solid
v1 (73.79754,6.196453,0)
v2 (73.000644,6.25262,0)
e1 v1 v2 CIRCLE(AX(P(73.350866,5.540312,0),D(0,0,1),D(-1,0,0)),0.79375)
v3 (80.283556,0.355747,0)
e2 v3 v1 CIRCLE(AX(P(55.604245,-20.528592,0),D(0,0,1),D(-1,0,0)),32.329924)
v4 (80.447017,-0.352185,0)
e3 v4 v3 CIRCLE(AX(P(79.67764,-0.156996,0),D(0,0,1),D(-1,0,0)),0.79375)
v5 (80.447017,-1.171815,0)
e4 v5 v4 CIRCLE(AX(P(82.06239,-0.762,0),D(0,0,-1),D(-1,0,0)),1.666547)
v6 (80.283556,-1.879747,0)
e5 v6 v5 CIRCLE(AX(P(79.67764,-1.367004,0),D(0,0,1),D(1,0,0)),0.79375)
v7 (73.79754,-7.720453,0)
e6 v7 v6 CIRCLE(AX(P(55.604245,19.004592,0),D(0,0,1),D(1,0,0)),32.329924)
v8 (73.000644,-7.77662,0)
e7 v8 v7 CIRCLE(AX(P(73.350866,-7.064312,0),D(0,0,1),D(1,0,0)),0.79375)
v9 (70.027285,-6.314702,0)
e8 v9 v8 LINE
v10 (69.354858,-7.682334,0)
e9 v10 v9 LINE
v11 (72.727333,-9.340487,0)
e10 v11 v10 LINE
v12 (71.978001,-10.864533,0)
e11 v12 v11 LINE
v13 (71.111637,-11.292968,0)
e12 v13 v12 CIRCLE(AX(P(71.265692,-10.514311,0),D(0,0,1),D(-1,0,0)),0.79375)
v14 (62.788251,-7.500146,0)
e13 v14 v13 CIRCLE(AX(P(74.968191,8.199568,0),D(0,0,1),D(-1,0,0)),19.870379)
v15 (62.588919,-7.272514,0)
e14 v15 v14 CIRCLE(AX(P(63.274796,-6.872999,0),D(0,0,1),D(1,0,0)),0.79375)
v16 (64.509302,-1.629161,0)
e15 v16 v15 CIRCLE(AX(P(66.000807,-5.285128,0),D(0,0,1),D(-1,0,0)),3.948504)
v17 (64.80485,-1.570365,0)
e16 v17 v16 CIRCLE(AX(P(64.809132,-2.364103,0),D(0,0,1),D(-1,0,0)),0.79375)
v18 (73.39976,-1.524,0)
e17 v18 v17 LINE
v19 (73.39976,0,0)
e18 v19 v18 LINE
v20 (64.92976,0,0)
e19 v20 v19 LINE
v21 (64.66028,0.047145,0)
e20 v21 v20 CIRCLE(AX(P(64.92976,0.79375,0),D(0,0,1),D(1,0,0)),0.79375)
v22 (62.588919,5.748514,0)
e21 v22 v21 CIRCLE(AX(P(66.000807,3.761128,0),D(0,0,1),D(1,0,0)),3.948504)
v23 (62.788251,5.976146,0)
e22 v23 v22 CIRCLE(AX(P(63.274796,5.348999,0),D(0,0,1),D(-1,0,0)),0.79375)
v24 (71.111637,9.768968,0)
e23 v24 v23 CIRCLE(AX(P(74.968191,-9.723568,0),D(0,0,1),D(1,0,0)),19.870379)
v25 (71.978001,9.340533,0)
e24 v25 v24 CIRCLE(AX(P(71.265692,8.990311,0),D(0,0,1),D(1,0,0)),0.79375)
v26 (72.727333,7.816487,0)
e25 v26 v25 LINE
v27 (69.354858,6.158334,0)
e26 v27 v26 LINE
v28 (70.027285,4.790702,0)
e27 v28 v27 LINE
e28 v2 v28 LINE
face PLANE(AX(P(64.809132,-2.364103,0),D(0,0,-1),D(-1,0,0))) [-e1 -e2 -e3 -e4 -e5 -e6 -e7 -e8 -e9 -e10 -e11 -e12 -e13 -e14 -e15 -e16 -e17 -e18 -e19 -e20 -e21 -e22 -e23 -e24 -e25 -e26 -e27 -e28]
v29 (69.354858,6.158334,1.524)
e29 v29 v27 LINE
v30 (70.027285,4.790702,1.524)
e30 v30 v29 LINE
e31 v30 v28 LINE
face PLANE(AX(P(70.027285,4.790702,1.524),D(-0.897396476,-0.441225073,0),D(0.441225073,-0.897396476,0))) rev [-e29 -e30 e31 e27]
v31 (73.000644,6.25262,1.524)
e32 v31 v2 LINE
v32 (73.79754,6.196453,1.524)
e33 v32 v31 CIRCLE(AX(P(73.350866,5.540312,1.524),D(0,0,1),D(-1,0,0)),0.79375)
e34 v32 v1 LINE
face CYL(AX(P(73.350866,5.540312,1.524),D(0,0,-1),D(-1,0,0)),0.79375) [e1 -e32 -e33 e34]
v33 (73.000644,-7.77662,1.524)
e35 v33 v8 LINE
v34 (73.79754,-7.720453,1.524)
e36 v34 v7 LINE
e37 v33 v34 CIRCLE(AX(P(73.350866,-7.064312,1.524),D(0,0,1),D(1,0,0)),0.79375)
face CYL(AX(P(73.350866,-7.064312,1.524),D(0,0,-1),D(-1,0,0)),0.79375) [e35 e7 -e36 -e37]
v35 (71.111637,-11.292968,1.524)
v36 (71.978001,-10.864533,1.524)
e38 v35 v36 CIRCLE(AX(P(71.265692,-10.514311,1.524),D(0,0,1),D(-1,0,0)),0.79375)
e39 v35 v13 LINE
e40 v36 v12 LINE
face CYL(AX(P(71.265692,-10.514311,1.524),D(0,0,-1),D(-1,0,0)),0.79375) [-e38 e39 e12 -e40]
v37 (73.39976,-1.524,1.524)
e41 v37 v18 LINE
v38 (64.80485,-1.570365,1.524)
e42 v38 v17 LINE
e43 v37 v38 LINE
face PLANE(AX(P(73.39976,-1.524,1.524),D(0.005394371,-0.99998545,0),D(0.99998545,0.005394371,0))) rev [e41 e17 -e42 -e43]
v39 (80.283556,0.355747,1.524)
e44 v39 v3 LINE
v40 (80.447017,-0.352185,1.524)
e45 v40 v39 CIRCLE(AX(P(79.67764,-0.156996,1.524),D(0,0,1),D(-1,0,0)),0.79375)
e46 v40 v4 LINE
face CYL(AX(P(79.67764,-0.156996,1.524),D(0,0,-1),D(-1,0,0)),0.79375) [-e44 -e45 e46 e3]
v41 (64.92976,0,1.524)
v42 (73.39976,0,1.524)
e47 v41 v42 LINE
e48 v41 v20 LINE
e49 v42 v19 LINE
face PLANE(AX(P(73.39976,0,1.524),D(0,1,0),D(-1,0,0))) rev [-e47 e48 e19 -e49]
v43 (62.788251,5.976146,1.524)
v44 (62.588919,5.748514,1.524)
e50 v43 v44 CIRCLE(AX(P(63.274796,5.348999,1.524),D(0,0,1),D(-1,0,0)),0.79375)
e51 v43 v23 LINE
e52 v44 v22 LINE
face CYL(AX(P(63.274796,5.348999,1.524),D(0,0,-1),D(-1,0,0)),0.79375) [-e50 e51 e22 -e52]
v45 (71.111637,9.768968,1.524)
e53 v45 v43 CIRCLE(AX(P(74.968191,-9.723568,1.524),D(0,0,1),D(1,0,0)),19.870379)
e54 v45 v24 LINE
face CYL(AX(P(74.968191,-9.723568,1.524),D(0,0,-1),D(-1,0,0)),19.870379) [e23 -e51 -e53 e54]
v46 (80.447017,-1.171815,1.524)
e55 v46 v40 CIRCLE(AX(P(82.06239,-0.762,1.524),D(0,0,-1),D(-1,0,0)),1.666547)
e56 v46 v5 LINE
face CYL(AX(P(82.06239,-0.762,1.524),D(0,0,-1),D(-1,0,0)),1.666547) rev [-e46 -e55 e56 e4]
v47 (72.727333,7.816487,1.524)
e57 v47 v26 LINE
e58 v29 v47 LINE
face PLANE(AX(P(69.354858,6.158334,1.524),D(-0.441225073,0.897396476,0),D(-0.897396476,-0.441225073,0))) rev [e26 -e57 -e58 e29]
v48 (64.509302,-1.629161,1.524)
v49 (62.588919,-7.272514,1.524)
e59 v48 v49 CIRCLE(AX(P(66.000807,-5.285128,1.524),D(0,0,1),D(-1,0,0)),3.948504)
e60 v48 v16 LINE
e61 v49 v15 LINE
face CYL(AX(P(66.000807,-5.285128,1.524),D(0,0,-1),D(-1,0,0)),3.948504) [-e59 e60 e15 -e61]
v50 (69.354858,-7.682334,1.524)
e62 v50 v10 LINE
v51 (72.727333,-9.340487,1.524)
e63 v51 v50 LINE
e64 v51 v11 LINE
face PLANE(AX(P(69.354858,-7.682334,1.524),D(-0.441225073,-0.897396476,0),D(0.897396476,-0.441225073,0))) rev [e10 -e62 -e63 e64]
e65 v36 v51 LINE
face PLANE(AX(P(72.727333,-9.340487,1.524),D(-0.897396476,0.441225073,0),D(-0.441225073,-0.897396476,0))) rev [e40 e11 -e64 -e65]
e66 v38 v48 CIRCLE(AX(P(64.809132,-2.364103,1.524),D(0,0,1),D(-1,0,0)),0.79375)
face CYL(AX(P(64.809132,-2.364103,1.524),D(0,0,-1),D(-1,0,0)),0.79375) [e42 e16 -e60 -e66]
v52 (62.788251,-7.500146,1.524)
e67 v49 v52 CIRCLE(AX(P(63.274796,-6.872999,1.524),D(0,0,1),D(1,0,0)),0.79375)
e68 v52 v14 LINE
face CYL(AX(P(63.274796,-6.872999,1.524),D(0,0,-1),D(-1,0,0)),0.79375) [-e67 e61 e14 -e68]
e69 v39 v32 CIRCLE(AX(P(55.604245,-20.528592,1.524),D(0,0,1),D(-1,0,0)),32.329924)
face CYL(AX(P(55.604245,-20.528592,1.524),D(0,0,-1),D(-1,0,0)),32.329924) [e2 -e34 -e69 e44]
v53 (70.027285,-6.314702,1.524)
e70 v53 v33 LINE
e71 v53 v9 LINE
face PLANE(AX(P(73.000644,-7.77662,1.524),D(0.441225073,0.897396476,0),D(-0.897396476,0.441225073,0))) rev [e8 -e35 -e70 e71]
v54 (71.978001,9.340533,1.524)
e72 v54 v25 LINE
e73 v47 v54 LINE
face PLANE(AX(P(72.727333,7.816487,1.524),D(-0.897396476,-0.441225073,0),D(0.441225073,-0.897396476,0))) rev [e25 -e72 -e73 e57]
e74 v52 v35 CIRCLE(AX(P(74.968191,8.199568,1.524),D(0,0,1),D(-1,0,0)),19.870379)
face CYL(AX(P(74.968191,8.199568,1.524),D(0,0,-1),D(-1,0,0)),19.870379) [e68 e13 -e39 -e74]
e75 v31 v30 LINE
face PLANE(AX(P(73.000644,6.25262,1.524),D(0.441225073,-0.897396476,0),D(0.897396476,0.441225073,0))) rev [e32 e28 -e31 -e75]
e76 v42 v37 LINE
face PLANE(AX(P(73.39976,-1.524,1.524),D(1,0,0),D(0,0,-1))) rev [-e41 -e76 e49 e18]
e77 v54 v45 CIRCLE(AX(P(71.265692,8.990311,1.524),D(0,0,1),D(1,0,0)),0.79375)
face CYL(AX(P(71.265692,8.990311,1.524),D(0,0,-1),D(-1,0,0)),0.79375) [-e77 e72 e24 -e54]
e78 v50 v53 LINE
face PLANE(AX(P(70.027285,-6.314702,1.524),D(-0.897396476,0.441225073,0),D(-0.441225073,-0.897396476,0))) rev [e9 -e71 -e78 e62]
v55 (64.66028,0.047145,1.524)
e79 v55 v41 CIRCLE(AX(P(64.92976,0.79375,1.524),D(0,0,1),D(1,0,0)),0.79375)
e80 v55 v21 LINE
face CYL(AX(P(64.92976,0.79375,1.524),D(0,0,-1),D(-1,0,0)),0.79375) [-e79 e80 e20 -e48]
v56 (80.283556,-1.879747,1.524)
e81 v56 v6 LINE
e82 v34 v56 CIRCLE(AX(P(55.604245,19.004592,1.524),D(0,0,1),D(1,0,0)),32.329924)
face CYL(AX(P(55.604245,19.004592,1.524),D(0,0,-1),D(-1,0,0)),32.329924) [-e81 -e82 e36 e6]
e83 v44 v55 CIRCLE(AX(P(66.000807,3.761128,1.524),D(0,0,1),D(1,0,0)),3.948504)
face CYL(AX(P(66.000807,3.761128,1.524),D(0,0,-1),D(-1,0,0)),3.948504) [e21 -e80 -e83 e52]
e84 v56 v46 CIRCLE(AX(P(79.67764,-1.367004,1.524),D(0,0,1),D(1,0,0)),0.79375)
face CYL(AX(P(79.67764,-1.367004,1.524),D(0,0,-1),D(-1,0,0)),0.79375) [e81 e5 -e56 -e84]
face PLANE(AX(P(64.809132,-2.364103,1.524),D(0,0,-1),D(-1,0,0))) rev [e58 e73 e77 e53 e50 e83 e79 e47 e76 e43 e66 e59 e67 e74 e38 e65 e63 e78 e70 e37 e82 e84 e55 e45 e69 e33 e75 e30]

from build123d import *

# Parameters (mm, degrees)
BOSS_EXTRUDE1_DEPTH = 1.524


with BuildPart() as part:
    # Sketch1 → Boss-Extrude1 (new body)
    with BuildSketch(Plane.XY):
        with BuildLine():
            Line((73.000643508, 6.252619957), (70.027285358, 4.79070184))
            Line((70.027285358, 4.79070184), (69.354858347, 6.15833407))
            Line((69.354858347, 6.15833407), (72.727332666, 7.816486587))
            Line((72.727332666, 7.816486587), (71.978000913, 9.340533419))
            ThreePointArc((71.978000913, 9.340533419), (71.617545508, 9.701815407), (71.111637054, 9.768967549))
            ThreePointArc((71.111637054, 9.768967549), (66.728733529, 8.358005389), (62.788250891, 5.976146011))
            ThreePointArc((62.788250891, 5.976146011), (62.67763825, 5.871916038), (62.588919113, 5.748514423))
            ThreePointArc((62.588919113, 5.748514423), (62.289639081, 2.412826115), (64.660279583, 0.047144684))
            ThreePointArc((64.660279583, 0.047144684), (64.792973258, 0.011875), (64.929759758, 0))
            Line((64.929759758, 0), (73.399759676, 0))
            Line((73.399759676, 0), (73.399759676, -1.524))
            Line((73.399759676, -1.524), (64.804850415, -1.570364804))
            ThreePointArc((64.804850415, -1.570364804), (64.654260243, -1.585608721), (64.509301597, -1.629160622))
            ThreePointArc((64.509301597, -1.629160622), (62.262802552, -4.01311856), (62.588919113, -7.272514424))
            ThreePointArc((62.588919113, -7.272514424), (62.67763825, -7.395916038), (62.788250891, -7.500146011))
            ThreePointArc((62.788250891, -7.500146011), (66.728733529, -9.882005389), (71.111637054, -11.292967549))
            ThreePointArc((71.111637054, -11.292967549), (71.617545508, -11.225815407), (71.978000913, -10.864533419))
            Line((71.978000913, -10.864533419), (72.727332666, -9.340486587))
            Line((72.727332666, -9.340486587), (69.354858347, -7.68233407))
            Line((69.354858347, -7.68233407), (70.027285358, -6.31470184))
            Line((70.027285358, -6.31470184), (73.000643508, -7.776619957))
            ThreePointArc((73.000643508, -7.776619957), (73.406672693, -7.856097248), (73.797539642, -7.720452982))
            ThreePointArc((73.797539642, -7.720452982), (77.23855889, -5.019988283), (80.283555852, -1.879746802))
            ThreePointArc((80.283555852, -1.879746802), (80.451041219, -1.545581778), (80.447017019, -1.17181525))
            ThreePointArc((80.447017019, -1.17181525), (80.395843158, -0.762), (80.447017019, -0.35218475))
            ThreePointArc((80.447017019, -0.35218475), (80.451041219, 0.021581778), (80.283555852, 0.355746802))
            ThreePointArc((80.283555852, 0.355746802), (77.23855889, 3.495988283), (73.797539642, 6.196452982))
            ThreePointArc((73.797539642, 6.196452982), (73.406672693, 6.332097248), (73.000643508, 6.252619957))
        make_face()
    extrude(amount=BOSS_EXTRUDE1_DEPTH)


solid = part.part
